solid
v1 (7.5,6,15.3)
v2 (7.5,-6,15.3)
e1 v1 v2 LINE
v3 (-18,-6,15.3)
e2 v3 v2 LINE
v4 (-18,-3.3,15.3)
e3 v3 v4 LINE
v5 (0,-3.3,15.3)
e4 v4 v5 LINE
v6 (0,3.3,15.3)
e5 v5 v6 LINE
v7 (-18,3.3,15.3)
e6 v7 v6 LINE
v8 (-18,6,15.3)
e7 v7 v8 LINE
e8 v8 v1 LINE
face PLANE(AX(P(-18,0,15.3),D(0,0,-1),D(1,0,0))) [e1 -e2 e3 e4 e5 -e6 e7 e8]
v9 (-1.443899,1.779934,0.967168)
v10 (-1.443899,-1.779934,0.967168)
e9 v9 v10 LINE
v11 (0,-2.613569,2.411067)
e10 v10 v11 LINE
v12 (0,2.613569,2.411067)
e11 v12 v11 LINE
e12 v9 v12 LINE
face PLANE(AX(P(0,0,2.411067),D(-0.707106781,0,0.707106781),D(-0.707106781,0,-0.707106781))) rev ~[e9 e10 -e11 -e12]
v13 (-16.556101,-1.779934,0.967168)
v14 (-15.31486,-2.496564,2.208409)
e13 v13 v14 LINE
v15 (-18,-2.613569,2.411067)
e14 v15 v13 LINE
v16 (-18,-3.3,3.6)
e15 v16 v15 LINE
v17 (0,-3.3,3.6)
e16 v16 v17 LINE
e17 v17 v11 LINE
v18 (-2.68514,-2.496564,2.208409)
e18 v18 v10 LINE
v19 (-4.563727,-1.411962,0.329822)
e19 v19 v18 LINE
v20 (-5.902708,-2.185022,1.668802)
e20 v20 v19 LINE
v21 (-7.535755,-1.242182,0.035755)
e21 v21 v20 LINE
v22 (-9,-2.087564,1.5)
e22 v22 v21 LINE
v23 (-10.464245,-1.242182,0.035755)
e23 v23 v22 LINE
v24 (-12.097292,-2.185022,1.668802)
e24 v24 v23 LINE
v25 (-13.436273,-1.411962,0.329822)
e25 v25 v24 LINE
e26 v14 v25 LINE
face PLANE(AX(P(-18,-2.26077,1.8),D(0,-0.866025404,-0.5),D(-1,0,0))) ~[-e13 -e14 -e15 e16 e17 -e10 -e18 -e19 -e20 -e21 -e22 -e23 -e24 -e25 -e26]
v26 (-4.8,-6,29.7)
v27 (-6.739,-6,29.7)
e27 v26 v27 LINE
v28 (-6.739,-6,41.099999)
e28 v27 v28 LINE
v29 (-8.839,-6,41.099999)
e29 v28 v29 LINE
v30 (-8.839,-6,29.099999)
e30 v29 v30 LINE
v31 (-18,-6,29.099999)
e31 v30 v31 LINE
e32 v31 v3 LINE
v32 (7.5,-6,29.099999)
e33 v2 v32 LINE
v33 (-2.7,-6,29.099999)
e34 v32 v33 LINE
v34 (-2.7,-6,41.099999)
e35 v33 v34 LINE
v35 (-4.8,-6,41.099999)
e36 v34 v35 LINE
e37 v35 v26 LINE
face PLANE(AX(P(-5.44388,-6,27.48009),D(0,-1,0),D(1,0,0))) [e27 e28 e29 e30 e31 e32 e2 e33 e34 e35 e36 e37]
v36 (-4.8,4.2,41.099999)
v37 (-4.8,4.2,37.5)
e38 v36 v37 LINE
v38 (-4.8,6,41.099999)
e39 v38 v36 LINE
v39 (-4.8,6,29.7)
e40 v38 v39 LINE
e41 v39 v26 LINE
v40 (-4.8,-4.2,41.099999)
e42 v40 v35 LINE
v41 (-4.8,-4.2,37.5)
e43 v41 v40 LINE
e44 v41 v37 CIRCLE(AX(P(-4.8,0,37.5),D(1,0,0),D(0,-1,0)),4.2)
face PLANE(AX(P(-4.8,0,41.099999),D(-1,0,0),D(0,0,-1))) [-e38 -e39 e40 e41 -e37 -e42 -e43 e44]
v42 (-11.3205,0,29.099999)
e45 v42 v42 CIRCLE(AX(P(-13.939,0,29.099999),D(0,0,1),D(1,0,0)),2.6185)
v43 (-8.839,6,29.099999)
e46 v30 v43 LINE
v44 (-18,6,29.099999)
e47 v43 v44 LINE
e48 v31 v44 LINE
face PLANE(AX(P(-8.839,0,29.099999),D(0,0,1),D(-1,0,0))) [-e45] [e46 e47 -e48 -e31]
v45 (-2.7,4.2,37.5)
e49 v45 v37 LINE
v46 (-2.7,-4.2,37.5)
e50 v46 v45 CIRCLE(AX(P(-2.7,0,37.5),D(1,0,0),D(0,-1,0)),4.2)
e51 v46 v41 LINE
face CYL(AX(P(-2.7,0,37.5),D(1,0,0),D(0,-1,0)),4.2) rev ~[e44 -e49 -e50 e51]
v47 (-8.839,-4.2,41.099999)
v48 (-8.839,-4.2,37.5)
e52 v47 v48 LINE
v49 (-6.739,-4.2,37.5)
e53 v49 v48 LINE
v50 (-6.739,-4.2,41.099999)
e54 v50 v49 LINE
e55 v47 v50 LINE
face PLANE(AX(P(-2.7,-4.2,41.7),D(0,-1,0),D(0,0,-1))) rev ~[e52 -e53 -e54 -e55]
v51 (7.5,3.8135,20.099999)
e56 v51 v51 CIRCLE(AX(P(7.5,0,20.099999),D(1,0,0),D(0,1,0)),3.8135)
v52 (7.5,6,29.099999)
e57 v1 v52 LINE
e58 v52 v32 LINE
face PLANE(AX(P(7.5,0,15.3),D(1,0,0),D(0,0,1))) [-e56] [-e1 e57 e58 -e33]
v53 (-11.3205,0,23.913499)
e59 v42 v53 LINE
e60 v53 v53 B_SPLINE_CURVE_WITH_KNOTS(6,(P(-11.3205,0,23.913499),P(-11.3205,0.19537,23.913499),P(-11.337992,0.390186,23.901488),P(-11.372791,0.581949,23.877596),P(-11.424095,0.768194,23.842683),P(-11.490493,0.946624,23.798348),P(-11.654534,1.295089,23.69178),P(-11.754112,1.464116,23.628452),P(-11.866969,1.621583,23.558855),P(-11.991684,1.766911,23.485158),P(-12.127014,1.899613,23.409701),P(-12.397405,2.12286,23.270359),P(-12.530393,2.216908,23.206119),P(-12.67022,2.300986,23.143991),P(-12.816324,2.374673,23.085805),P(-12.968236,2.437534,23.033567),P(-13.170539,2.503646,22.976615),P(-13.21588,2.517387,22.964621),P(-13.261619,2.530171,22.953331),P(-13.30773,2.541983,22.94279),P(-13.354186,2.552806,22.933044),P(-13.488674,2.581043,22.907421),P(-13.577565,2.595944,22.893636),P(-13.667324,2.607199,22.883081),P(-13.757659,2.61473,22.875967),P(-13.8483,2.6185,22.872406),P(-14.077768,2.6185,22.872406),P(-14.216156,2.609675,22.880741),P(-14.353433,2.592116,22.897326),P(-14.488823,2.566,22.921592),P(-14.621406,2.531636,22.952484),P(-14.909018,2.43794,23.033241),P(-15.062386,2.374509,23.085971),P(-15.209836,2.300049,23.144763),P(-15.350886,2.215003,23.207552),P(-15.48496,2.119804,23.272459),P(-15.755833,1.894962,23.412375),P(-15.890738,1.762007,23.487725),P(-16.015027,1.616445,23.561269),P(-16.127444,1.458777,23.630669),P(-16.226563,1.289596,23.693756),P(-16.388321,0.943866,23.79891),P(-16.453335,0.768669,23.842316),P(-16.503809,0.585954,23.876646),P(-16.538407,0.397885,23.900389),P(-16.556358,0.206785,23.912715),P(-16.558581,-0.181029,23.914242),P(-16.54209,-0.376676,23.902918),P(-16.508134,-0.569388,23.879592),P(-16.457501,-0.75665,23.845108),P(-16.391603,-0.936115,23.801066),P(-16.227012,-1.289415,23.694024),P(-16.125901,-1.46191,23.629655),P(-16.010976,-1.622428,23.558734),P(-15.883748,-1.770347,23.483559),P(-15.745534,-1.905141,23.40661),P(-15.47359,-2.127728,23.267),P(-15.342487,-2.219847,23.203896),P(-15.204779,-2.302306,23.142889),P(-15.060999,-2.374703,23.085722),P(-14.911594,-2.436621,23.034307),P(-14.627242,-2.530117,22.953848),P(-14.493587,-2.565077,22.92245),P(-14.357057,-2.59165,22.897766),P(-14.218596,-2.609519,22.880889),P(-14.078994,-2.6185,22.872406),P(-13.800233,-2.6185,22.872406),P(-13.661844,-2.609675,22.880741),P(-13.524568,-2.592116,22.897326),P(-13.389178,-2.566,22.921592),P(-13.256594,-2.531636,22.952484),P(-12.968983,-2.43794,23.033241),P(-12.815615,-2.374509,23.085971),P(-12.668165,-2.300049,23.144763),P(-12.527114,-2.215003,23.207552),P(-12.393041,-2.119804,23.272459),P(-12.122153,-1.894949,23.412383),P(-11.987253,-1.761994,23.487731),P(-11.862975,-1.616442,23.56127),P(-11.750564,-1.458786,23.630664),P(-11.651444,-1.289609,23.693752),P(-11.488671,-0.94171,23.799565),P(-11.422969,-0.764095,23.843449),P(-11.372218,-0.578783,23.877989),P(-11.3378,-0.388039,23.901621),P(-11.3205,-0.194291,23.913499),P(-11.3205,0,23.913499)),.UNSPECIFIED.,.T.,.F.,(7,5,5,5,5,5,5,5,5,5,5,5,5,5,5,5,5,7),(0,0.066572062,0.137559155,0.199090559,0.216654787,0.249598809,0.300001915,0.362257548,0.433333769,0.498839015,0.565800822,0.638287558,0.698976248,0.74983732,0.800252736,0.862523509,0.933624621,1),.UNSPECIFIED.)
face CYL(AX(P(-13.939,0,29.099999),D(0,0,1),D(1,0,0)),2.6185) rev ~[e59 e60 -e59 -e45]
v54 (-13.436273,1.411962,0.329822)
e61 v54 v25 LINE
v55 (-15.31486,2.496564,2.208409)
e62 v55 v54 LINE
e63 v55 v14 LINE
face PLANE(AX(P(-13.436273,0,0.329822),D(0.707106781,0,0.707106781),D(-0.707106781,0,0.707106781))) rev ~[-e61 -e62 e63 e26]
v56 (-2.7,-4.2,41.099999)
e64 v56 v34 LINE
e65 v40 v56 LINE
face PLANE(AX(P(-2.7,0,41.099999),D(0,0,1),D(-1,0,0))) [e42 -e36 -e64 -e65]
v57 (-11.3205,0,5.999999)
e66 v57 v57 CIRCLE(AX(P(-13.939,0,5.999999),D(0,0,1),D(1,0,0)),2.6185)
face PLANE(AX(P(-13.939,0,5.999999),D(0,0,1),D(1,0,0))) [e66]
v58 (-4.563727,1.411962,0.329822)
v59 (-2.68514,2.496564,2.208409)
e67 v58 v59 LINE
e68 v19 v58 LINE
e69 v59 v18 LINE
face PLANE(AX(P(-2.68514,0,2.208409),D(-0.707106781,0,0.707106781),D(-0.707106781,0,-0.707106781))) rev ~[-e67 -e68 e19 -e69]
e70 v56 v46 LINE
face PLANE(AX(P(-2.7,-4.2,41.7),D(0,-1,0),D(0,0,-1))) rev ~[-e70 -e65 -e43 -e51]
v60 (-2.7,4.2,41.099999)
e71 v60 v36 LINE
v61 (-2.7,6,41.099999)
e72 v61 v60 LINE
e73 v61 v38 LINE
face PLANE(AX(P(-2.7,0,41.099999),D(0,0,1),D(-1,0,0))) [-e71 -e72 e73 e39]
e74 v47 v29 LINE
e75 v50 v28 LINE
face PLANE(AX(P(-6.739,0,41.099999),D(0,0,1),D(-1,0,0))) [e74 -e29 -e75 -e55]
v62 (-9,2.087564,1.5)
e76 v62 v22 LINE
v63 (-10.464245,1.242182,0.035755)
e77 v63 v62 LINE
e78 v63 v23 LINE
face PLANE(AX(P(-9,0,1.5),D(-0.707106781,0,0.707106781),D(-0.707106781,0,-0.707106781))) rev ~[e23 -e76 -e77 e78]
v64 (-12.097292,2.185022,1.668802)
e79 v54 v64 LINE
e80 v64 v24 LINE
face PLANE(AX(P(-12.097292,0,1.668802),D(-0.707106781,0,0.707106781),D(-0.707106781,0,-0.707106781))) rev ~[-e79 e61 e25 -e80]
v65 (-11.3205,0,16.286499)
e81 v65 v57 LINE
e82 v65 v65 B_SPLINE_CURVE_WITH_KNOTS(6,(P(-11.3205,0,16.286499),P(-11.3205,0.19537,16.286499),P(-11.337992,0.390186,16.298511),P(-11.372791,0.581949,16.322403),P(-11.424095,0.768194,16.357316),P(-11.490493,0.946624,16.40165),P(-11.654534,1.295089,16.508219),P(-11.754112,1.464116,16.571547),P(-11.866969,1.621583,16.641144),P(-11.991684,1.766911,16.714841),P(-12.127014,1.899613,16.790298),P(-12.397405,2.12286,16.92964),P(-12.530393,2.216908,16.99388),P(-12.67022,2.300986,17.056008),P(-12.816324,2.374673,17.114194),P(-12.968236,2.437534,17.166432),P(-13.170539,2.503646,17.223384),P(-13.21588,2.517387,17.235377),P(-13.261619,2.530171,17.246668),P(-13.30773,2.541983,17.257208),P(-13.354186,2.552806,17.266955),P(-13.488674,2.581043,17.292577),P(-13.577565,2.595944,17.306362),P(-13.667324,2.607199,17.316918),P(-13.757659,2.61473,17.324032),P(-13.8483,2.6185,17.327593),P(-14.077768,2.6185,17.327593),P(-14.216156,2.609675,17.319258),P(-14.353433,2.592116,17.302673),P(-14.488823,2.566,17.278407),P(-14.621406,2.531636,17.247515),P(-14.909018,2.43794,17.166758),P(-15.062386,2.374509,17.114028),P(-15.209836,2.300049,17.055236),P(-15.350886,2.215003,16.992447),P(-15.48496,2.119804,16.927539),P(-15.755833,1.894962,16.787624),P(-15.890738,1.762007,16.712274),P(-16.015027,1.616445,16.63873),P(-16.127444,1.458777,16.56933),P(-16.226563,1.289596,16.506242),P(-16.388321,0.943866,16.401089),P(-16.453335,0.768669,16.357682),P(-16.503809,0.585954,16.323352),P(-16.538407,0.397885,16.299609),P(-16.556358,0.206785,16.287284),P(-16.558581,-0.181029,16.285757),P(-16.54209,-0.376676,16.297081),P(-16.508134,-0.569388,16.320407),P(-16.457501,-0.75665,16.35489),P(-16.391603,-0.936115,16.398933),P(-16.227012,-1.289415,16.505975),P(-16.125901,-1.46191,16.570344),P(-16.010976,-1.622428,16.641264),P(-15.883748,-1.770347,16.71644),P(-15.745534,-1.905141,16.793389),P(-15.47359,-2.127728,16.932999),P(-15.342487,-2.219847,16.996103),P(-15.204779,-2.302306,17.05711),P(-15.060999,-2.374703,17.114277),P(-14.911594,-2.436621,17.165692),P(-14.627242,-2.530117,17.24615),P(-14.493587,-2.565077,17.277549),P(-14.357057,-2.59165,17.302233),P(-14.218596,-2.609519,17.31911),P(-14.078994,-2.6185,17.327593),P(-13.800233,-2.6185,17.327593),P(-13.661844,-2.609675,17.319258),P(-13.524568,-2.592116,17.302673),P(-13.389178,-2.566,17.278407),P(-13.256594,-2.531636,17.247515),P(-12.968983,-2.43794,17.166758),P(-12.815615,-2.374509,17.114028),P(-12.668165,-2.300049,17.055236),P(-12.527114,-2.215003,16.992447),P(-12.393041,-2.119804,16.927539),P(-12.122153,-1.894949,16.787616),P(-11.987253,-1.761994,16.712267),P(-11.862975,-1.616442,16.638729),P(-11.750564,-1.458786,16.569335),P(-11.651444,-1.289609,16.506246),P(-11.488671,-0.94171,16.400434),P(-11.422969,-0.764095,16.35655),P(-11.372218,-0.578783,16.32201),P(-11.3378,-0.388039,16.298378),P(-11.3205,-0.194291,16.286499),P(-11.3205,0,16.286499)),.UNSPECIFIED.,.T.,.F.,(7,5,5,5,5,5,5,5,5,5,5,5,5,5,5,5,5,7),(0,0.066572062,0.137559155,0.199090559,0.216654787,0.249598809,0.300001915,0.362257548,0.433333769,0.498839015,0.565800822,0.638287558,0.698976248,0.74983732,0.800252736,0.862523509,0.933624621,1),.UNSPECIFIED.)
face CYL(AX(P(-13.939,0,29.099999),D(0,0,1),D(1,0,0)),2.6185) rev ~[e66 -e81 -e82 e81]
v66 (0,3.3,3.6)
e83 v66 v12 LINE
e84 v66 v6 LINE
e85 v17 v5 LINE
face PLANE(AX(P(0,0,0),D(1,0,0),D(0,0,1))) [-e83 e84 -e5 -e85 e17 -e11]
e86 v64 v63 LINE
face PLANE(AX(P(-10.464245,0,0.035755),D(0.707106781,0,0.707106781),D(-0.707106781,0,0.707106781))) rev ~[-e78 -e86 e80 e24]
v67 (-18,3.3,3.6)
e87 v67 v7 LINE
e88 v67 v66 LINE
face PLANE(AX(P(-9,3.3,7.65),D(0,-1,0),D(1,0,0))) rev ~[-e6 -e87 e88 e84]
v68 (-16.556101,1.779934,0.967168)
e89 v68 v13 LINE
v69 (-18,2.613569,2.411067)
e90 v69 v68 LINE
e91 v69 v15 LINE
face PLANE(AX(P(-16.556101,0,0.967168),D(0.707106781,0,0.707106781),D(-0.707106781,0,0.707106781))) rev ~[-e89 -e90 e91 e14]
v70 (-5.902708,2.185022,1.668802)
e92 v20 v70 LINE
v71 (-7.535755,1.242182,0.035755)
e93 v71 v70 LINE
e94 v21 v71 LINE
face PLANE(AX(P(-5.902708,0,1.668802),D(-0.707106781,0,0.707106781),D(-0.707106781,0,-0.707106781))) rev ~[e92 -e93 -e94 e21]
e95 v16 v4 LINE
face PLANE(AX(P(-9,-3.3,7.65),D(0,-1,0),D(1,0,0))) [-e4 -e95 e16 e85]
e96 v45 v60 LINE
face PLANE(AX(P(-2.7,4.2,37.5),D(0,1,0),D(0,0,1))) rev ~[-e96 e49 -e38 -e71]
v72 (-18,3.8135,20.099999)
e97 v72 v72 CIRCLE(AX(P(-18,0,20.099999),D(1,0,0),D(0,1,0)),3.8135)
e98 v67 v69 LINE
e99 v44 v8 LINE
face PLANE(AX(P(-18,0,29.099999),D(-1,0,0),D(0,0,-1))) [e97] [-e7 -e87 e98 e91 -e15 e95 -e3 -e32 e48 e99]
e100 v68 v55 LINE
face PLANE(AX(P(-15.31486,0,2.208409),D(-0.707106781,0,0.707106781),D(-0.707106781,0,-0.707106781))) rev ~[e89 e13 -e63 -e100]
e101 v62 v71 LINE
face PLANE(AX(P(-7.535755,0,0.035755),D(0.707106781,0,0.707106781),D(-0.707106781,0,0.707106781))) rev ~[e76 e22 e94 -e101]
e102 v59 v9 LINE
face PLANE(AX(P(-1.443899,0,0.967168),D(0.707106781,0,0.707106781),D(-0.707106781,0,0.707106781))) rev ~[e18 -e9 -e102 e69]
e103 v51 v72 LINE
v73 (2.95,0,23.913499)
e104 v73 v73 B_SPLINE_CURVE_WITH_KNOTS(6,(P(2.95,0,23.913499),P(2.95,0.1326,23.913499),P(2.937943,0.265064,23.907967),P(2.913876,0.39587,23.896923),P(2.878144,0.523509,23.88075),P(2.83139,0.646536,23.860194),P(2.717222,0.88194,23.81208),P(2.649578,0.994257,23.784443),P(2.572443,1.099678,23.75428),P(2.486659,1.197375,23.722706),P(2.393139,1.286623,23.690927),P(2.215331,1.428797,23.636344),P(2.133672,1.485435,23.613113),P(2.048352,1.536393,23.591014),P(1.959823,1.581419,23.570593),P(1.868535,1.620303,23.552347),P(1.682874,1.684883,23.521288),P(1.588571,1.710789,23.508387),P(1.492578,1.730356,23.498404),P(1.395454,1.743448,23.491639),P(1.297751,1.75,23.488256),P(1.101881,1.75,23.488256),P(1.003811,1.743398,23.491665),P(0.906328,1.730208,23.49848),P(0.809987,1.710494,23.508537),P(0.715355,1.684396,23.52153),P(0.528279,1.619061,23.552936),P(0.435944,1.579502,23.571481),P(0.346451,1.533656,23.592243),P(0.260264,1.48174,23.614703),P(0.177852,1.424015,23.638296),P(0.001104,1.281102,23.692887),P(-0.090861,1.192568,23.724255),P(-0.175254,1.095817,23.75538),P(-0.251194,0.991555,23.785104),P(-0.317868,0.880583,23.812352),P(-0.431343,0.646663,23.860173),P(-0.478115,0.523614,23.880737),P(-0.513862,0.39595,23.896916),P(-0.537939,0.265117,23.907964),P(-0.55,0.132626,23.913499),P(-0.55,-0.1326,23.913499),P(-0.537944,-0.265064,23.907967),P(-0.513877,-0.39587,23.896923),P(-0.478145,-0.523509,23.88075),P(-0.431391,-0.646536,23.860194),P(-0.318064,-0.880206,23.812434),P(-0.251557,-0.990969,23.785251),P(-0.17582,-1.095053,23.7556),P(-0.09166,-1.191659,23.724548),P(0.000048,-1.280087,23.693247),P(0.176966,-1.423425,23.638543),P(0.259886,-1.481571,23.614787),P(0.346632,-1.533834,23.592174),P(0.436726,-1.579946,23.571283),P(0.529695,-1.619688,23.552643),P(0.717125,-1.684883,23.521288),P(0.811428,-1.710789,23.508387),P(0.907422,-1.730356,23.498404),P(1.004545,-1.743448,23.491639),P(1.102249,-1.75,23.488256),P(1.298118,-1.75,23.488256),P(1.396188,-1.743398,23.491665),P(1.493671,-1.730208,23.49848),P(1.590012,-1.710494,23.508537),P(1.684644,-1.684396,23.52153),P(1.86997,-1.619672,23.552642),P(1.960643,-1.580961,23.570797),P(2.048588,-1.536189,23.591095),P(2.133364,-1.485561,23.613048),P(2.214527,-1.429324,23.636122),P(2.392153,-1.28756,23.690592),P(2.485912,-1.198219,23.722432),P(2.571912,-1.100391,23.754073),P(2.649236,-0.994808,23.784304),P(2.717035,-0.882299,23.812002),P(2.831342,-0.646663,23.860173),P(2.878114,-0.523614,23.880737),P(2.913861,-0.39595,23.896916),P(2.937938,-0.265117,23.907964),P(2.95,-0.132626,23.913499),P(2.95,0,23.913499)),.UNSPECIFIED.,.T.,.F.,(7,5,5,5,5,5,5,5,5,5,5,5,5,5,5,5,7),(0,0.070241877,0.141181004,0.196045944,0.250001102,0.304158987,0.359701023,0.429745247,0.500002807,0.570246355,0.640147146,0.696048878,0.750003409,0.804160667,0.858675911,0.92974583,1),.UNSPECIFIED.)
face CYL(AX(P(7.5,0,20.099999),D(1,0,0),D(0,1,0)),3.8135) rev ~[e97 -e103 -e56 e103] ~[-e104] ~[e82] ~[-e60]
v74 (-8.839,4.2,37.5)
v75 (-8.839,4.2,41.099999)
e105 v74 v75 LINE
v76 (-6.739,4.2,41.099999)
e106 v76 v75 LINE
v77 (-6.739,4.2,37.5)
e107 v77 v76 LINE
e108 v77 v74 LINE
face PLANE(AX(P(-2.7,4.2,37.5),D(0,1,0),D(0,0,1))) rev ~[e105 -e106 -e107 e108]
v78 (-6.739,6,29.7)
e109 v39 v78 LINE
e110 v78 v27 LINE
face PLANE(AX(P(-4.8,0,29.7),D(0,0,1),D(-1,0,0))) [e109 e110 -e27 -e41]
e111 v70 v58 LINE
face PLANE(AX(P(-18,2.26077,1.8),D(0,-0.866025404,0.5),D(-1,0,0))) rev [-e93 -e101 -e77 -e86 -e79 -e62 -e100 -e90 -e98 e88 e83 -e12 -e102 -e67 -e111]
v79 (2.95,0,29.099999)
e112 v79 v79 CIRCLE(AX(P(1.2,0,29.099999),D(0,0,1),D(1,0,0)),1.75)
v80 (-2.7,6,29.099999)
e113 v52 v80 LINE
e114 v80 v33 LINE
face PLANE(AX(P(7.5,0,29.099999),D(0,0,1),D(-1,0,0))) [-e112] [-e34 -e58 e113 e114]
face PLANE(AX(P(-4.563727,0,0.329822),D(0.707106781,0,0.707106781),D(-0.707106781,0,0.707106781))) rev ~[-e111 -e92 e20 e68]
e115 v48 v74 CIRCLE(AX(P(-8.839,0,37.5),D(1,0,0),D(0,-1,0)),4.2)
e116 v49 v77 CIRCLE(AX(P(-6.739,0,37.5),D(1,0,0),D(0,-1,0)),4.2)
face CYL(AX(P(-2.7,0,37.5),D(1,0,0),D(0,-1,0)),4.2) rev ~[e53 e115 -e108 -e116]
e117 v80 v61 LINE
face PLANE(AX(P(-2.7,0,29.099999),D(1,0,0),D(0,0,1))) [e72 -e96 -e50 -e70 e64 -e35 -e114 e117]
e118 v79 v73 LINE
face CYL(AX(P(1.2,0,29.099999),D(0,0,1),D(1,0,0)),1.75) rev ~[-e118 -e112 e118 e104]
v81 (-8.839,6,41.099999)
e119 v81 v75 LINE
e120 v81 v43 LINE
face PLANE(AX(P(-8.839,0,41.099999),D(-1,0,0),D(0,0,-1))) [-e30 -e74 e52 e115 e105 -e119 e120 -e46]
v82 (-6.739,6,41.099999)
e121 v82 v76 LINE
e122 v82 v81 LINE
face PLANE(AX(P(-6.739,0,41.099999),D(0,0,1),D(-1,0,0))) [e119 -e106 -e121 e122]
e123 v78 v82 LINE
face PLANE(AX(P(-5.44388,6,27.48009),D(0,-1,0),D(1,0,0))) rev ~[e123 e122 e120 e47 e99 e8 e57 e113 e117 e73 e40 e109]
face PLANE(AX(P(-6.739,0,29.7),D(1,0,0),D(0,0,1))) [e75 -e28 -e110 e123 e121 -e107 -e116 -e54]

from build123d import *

# Parameters (mm, degrees)
F1_DEPTH    = 2
F0_W        = 6
F0_H        = 5.0999999046
F2_DEPTH    = 1.1
F3_W        = 2.7999999523
F3_H        = 0.2000000477
F4_DEPTH    = 2.0463333095
F5_R        = 1.2711666667
F6_DEPTH    = 8.5
F7_R        = 0.5833333333
F8_DEPTH    = 3
F9_R        = 0.8728333333
F10_DEPTH   = 7.7
F11_SIZE2   = 0.692820323
F11_SIZE    = 1.2
F11_2_SIZE2 = 0.692820323
F11_2_SIZE  = 1.2
F13_DEPTH   = 12.5
F14_SCALE   = 3


with BuildPart() as f1:
    # F0 (on Front) → F1 (new body, symmetric)
    with BuildSketch(Plane.XZ):
        Polygon((-6, 5.0999999046), (0, 5.0999999046), (2.5, 5.0999999046), (2.5, 9.6999998093), (-0.9000000954, 9.6999998093), (-0.9000000954, 13.6999998093), (-1.6000000834, 13.6999998093), (-1.6000000834, 9.8999998569), (-2.2463334168, 9.8999998569), (-2.2463334168, 13.6999998093), (-2.9463334049, 13.6999998093), (-2.9463334049, 9.6999998093), (-6, 9.6999998093), align=None)
    extrude(amount=F1_DEPTH, both=True)

    # F0 (on Front) → F2 (join, symmetric)
    with BuildSketch(Plane.XZ):
        with Locations((-3, 2.5499999523)):
            Rectangle(F0_W, F0_H)
    extrude(amount=F2_DEPTH, both=True)

    # F3 (on face) → F4 (cut, through all)
    with BuildSketch(Plane.YZ.offset(-0.9000000954)):
        with Locations((0, 13.7999998331)):
            Rectangle(F3_W, F3_H)
        with BuildLine():
            Line((-1.3999999762, 13.6999998093), (-1.3999999762, 12.4999998808))
            ThreePointArc((-1.3999999762, 12.4999998808), (0, 11.0999999046), (1.3999999762, 12.4999998808))
            Line((1.3999999762, 12.4999998808), (1.3999999762, 13.6999998093))
            Line((1.3999999762, 13.6999998093), (-1.3999999762, 13.6999998093))
        make_face()
    extrude(amount=-F4_DEPTH, mode=Mode.SUBTRACT)

    # F5 (on face) → F6 (cut)
    with BuildSketch(Plane.YZ.offset(2.5)):
        with Locations((0, 6.6999998093)):
            Circle(F5_R)
    extrude(amount=-F6_DEPTH, mode=Mode.SUBTRACT)

    # F7 (on face) → F8 (cut)
    with BuildSketch(Plane.XY.offset(9.6999998093)):
        with Locations((0.3999998569, 0)):
            Circle(F7_R)
    extrude(amount=-F8_DEPTH, mode=Mode.SUBTRACT)

    # F9 (on face) → F10 (cut)
    with BuildSketch(Plane.XY.offset(9.6999998093)):
        with Locations((-4.6463334525, 0)):
            Circle(F9_R)
    extrude(amount=-F10_DEPTH, mode=Mode.SUBTRACT)

    # F11
    f11_edges = [f1.edges().sort_by_distance(p)[0] for p in [
        (-3, -1.1, 0),
    ]]
    f11_side = f1.faces().sort_by_distance((-3, -1.1, 2.55))[0]
    chamfer(f11_edges, length=F11_SIZE, length2=F11_SIZE2, reference=f11_side)

    # F11#2
    f11_2_edges = [f1.edges().sort_by_distance(p)[0] for p in [
        (-3, 1.1, 0),
    ]]
    f11_2_side = f1.faces().sort_by_distance((-3, 1.1, 2.55))[0]
    chamfer(f11_2_edges, length=F11_2_SIZE, length2=F11_2_SIZE2, reference=f11_2_side)

    # F12 (on Front) → F13 (cut, symmetric)
    with BuildSketch(Plane.XZ):
        Polygon((-2.5119182901, 0.0119182901), (-3, 0.5), (-3.4880817099, 0.0119182901), (-4.0324307496, 0.5562673297), (-4.4787575401, 0.1099405392), (-5.1049532346, 0.7361362337), (-5.518700193, 0.3223892754), (-6, 0.8036890823), (-6, 0), (0, 0), (0, 0.8036890823), (-0.481299807, 0.3223892754), (-0.8950467654, 0.7361362337), (-1.5212424599, 0.1099405392), (-1.9675692504, 0.5562673297), align=None)
    extrude(amount=F13_DEPTH, both=True, mode=Mode.SUBTRACT)


with BuildPart() as f1_1:
    # F14: moved
    add(f1.part.scale(F14_SCALE))


solid = f1_1.part
